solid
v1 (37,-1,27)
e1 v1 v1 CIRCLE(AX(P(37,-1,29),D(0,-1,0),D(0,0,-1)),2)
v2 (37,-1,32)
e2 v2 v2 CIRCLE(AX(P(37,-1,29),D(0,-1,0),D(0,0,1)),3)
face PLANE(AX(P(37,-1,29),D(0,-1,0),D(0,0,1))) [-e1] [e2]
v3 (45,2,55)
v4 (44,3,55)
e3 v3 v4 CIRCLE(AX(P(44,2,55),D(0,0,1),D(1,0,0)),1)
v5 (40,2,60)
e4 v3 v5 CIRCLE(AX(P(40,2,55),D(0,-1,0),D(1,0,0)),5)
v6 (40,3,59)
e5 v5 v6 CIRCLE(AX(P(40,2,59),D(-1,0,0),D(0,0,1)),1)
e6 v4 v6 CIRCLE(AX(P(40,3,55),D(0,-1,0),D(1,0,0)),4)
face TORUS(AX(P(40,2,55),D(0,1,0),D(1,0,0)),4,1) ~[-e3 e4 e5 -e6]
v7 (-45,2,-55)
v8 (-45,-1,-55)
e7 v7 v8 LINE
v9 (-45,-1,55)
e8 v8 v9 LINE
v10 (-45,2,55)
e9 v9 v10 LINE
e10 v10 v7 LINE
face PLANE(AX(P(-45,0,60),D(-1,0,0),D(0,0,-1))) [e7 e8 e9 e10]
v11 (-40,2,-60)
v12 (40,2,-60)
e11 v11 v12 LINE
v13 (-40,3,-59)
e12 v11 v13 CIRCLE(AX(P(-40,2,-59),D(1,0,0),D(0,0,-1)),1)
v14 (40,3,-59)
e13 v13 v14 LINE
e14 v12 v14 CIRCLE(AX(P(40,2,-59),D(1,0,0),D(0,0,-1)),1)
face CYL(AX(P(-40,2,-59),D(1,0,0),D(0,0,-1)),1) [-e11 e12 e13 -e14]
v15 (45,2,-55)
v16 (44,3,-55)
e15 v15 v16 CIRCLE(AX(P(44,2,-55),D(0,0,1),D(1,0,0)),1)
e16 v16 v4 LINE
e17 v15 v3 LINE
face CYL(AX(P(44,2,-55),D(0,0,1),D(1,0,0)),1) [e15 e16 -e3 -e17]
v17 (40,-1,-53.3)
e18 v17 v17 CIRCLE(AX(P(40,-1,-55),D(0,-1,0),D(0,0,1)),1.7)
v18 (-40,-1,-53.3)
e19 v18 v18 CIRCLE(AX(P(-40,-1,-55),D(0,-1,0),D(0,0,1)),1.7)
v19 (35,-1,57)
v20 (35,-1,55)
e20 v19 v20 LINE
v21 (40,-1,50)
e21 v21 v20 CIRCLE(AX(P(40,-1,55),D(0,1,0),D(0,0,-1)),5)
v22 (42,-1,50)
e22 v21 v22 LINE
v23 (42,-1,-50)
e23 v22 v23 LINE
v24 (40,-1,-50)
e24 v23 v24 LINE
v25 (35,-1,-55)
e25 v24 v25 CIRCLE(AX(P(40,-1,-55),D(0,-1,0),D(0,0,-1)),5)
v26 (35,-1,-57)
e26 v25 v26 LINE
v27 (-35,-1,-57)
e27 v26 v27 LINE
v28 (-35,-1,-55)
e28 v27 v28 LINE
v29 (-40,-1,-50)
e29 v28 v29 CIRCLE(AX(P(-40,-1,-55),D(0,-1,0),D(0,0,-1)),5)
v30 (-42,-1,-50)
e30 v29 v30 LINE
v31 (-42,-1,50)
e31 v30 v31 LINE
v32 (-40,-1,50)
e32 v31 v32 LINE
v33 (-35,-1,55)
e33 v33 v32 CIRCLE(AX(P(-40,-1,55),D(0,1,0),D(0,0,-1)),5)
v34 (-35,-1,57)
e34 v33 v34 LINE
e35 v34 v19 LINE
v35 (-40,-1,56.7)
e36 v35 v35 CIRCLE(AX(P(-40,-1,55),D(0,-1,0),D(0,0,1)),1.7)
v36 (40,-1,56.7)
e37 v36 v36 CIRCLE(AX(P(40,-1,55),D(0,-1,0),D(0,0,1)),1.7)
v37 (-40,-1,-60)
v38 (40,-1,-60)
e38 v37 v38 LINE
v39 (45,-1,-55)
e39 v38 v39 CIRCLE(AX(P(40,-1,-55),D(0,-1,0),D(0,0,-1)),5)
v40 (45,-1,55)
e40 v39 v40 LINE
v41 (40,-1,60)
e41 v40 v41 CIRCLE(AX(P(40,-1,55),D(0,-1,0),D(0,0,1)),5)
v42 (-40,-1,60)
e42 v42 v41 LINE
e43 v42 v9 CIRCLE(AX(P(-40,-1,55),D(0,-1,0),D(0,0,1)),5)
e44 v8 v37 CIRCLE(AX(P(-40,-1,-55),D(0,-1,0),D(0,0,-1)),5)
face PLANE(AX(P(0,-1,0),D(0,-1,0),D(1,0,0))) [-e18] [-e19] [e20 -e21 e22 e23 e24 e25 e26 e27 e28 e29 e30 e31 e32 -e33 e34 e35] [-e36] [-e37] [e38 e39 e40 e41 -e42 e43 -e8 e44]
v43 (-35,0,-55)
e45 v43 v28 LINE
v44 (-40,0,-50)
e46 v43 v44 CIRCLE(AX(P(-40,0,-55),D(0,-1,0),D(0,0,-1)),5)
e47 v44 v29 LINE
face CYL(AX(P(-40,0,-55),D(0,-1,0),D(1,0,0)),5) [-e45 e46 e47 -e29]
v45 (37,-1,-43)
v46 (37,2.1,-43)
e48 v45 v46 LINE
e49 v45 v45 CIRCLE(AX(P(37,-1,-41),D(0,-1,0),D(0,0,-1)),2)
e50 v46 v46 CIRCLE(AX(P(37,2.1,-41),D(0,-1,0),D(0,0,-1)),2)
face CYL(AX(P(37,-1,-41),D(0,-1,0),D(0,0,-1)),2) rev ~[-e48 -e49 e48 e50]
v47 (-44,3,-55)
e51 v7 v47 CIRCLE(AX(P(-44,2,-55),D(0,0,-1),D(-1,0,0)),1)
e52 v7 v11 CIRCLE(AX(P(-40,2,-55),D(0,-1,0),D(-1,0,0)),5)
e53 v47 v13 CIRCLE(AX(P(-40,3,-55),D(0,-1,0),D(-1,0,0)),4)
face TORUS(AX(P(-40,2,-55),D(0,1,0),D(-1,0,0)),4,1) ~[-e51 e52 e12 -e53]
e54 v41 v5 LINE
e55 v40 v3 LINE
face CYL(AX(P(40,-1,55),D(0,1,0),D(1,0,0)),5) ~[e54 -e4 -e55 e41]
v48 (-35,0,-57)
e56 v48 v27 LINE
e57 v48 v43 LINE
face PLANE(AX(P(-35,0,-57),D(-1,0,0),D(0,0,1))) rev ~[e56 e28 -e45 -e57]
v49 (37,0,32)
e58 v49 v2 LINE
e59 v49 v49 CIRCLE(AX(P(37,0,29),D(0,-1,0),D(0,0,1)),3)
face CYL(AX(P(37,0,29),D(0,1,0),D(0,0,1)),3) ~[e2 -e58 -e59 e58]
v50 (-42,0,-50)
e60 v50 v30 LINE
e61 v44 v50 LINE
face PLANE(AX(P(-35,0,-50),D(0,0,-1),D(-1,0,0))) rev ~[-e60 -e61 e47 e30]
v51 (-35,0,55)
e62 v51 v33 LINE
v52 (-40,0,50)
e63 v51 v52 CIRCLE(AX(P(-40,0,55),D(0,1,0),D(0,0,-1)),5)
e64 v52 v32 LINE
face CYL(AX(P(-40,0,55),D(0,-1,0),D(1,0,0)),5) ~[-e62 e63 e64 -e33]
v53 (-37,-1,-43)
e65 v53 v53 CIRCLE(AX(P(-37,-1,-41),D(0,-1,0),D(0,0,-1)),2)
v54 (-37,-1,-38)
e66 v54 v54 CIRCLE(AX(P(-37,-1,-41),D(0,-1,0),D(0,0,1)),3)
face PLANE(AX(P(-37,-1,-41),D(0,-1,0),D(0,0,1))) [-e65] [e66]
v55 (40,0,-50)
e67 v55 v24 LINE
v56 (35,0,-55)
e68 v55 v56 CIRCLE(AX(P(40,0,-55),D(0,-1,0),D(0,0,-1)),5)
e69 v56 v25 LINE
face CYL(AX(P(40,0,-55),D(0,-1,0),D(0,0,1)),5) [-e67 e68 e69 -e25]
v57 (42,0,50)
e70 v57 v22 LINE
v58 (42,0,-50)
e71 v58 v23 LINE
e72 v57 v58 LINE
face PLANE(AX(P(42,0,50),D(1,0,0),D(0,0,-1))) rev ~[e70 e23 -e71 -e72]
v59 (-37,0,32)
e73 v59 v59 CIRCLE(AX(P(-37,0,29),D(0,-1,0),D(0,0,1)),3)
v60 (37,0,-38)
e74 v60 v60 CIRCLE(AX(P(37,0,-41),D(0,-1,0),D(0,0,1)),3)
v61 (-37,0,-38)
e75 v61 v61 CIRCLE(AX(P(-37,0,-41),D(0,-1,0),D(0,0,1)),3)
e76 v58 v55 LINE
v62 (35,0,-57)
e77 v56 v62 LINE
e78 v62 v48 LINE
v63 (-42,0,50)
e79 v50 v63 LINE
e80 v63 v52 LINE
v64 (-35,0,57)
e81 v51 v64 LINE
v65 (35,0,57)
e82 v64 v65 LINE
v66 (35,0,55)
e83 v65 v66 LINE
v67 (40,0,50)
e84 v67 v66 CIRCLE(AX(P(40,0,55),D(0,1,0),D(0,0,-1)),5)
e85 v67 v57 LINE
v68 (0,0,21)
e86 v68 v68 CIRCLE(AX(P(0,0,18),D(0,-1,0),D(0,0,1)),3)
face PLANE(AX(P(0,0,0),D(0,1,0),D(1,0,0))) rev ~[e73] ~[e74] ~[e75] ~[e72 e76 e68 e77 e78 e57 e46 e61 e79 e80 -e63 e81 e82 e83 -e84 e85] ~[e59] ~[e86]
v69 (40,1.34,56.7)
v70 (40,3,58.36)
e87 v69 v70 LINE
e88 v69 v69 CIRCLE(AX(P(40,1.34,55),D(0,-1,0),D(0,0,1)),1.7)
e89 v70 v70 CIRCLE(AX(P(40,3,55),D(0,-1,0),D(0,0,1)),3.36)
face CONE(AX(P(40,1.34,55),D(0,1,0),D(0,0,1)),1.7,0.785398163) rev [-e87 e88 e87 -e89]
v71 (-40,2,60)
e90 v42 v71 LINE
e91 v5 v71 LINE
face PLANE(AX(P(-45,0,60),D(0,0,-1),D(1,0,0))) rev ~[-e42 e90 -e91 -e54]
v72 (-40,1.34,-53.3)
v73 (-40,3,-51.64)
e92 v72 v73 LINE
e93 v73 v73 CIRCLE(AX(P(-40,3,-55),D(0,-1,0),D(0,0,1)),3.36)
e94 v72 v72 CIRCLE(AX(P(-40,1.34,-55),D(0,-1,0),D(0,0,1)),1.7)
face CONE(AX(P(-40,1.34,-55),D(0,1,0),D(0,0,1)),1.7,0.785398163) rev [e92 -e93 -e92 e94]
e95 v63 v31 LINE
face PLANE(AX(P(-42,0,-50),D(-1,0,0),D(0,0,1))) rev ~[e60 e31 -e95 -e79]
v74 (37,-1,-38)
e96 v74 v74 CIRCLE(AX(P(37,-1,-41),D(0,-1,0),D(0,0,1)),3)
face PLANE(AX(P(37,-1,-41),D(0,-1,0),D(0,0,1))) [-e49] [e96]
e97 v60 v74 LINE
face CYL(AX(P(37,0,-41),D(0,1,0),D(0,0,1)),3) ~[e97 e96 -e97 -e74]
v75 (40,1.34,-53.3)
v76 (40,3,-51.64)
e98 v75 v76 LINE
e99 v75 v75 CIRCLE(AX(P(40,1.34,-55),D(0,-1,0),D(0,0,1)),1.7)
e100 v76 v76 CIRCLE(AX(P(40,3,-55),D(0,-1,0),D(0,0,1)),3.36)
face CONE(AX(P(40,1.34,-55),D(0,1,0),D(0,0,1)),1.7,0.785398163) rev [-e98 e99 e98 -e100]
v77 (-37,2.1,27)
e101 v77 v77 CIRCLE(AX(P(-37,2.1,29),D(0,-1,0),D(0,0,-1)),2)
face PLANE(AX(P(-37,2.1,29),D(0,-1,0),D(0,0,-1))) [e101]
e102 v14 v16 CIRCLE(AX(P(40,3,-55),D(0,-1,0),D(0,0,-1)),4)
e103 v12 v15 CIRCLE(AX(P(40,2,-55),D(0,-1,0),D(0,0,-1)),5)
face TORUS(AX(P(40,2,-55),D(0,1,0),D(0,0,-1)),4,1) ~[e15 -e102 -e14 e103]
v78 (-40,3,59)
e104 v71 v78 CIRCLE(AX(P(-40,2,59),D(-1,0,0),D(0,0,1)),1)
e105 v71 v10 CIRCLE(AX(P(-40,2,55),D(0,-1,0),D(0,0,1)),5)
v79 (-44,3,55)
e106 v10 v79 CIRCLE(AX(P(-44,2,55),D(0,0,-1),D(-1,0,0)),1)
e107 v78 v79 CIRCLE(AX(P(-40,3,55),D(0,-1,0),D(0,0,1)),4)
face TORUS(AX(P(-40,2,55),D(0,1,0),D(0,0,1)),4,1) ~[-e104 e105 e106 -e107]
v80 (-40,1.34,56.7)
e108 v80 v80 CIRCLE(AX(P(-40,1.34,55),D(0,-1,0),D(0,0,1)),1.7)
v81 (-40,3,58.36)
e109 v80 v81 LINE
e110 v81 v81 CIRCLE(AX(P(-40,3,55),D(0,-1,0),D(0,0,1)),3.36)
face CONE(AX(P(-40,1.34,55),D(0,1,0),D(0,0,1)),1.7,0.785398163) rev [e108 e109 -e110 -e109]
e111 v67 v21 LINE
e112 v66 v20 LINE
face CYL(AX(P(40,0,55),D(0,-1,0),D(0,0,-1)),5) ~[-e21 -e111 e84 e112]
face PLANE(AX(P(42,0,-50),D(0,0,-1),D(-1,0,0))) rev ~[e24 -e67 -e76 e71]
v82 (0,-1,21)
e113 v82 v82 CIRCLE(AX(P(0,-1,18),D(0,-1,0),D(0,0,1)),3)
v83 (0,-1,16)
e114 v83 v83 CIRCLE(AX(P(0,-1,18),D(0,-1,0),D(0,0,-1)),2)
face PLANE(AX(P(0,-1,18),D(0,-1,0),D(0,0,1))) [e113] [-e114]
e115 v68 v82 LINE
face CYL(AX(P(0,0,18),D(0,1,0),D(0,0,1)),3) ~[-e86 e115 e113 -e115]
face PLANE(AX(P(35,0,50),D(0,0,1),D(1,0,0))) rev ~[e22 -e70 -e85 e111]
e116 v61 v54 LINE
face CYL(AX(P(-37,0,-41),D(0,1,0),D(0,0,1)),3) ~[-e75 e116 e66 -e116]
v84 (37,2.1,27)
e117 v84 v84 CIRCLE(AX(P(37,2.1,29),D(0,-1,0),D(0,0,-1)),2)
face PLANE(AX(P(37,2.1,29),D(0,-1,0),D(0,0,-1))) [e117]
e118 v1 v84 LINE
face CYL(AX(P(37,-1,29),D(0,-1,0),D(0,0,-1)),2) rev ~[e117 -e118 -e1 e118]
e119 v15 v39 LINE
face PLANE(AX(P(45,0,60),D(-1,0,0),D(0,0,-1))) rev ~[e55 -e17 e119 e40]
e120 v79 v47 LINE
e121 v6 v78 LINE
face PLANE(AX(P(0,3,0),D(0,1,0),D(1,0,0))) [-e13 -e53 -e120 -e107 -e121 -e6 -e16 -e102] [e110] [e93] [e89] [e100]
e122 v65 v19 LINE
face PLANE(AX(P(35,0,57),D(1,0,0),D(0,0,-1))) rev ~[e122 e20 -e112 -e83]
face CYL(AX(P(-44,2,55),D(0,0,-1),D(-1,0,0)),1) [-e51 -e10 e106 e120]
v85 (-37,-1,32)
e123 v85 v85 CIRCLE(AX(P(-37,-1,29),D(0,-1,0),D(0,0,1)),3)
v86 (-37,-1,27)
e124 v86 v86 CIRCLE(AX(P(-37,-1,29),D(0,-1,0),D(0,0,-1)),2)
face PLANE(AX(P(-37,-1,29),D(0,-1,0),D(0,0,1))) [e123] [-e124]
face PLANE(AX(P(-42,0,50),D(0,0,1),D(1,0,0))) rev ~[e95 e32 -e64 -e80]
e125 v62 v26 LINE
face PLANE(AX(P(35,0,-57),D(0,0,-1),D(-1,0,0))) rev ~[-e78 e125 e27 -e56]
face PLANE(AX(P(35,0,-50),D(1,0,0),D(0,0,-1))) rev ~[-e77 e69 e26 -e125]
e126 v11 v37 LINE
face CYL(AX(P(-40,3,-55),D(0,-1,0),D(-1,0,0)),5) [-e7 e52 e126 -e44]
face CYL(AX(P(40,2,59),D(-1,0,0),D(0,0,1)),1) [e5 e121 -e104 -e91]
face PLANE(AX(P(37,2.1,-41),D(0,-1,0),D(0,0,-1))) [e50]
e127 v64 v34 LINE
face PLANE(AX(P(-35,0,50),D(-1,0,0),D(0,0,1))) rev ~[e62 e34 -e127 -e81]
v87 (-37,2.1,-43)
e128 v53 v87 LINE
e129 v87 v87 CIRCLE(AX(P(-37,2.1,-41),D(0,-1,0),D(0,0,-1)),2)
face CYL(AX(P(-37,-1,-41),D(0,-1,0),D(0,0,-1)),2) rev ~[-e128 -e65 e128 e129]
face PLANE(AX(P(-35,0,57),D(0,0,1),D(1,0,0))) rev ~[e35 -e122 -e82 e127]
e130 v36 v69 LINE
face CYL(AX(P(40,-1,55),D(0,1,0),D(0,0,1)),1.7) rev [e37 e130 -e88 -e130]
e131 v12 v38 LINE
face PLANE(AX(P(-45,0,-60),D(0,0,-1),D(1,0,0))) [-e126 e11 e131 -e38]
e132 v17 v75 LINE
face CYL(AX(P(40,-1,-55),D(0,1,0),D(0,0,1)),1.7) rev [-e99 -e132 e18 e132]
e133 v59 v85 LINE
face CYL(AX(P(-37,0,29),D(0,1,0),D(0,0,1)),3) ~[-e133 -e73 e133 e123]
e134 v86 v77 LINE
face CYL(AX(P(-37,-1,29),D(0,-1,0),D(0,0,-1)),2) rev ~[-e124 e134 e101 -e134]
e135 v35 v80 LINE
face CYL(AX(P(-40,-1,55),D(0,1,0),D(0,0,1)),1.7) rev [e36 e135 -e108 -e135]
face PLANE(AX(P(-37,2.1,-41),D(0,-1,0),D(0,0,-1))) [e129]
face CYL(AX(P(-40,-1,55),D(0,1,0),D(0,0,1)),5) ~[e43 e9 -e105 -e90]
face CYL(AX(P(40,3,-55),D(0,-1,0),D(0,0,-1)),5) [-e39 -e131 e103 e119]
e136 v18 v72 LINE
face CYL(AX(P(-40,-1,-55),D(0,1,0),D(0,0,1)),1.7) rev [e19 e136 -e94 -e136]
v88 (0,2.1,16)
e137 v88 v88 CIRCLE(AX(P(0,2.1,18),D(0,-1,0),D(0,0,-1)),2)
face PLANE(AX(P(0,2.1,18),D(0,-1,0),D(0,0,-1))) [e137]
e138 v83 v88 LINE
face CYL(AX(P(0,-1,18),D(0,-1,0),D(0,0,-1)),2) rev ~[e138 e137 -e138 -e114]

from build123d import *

# Parameters (mm, degrees)
SKETCH_2_W                  = 90
SKETCH_2_H                  = 120
EXTRUDE_1_DEPTH             = 3
SKETCH_3_W                  = 90
SKETCH_3_H                  = 120
EXTRUDE_2_DEPTH             = 1
HOLE_WIZARD_M3_3_AT_2_COUNT = 2
HOLE_WIZARD_M3_3_AT_2_PITCH = 110
HOLE_WIZARD_M3_3_AT_3_COUNT = 2
HOLE_WIZARD_M3_3_AT_3_PITCH = 136.014705087
HOLE_WIZARD_M3_3_AT_4_COUNT = 2
HOLE_WIZARD_M3_3_AT_4_PITCH = 80
FILLET_2_R                  = 5
FILLET_3_R                  = 5
FILLET_4_R                  = 5
FILLET_5_R                  = 5
FILLET_6_R                  = 5
FILLET_7_R                  = 5
FILLET_8_R                  = 5
FILLET_9_R                  = 5
FILLET_11_R                 = 1
SKETCH_18_R                 = 3
EXTRUDE_5_DEPTH             = 1
SKETCH_19_R                 = 2
CUT_EXTRUDE_1_DEPTH         = 3.1


with BuildPart() as part:
    # 草图2 → 凸台-拉伸1 (new body)
    with BuildSketch(Plane(origin=(0, 0, 0), x_dir=(1, 0, 0), z_dir=(0, 1, 0))):
        Rectangle(SKETCH_2_W, SKETCH_2_H)
    extrude(amount=EXTRUDE_1_DEPTH)


with BuildPart() as body_2:
    # 草图3 → 凸台-拉伸2 (new body)
    with BuildSketch(Plane.XZ):
        Rectangle(SKETCH_3_W, SKETCH_3_H)
        Polygon((-42, -50), (-42, 50), (-35, 50), (-35, 57), (35, 57), (35, 50), (42, 50), (42, -50), (35, -50), (35, -57), (-35, -57), (-35, -50), align=None, mode=Mode.SUBTRACT)
    extrude(amount=EXTRUDE_2_DEPTH)


with BuildPart() as hole_wizard_m3_3_tool:
    # 草图15 → M3 六角凹锥坑螺钉的锥形沉头孔3 (revolve)
    with BuildSketch(Plane(origin=(-40, 3, 55), x_dir=(0, 0, 1), z_dir=(1, 0, 0))):
        Polygon((0, 0), (0, 4), (1.7, 4), (1.7, 1.66), (3.36, 0), align=None)
    hole_wizard_m3_3 = revolve(axis=Axis((-40, 9.35, 55), (0, -1, 0)))


with BuildPart() as part_1:
    add(part.part)

    # M3 六角凹锥坑螺钉的锥形沉头孔3: cut by hole_wizard_m3_3_tool
    add(hole_wizard_m3_3_tool.part, mode=Mode.SUBTRACT)


with BuildPart() as body_2_1:
    add(body_2.part)

    # M3 六角凹锥坑螺钉的锥形沉头孔3: cut by hole_wizard_m3_3_tool
    add(hole_wizard_m3_3_tool.part, mode=Mode.SUBTRACT)


with BuildPart() as hole_wizard_m3_3_at_2_tool:
    # M3 六角凹锥坑螺钉的锥形沉头孔3 at 2: M3 六角凹锥坑螺钉的锥形沉头孔3 ×2
    with Locations(*[(0, 0, -i * HOLE_WIZARD_M3_3_AT_2_PITCH) for i in range(1, HOLE_WIZARD_M3_3_AT_2_COUNT)]):
        add(hole_wizard_m3_3)


with BuildPart() as part_2:
    add(part_1.part)

    # M3 六角凹锥坑螺钉的锥形沉头孔3 at 2: cut by hole_wizard_m3_3_at_2_tool
    add(hole_wizard_m3_3_at_2_tool.part, mode=Mode.SUBTRACT)


with BuildPart() as body_2_2:
    add(body_2_1.part)

    # M3 六角凹锥坑螺钉的锥形沉头孔3 at 2: cut by hole_wizard_m3_3_at_2_tool
    add(hole_wizard_m3_3_at_2_tool.part, mode=Mode.SUBTRACT)


with BuildPart() as hole_wizard_m3_3_at_3_tool:
    # M3 六角凹锥坑螺钉的锥形沉头孔3 at 3: M3 六角凹锥坑螺钉的锥形沉头孔3 ×2
    with Locations(*[Vector(0.5881716976750462, 0, -0.8087360843031886) * (i * HOLE_WIZARD_M3_3_AT_3_PITCH) for i in range(1, HOLE_WIZARD_M3_3_AT_3_COUNT)]):
        add(hole_wizard_m3_3)


with BuildPart() as part_3:
    add(part_2.part)

    # M3 六角凹锥坑螺钉的锥形沉头孔3 at 3: cut by hole_wizard_m3_3_at_3_tool
    add(hole_wizard_m3_3_at_3_tool.part, mode=Mode.SUBTRACT)


with BuildPart() as body_2_3:
    add(body_2_2.part)

    # M3 六角凹锥坑螺钉的锥形沉头孔3 at 3: cut by hole_wizard_m3_3_at_3_tool
    add(hole_wizard_m3_3_at_3_tool.part, mode=Mode.SUBTRACT)


with BuildPart() as hole_wizard_m3_3_at_4_tool:
    # M3 六角凹锥坑螺钉的锥形沉头孔3 at 4: M3 六角凹锥坑螺钉的锥形沉头孔3 ×2
    with Locations(*[(i * HOLE_WIZARD_M3_3_AT_4_PITCH, 0, 0) for i in range(1, HOLE_WIZARD_M3_3_AT_4_COUNT)]):
        add(hole_wizard_m3_3)


with BuildPart() as part_4:
    add(part_3.part)

    # M3 六角凹锥坑螺钉的锥形沉头孔3 at 4: cut by hole_wizard_m3_3_at_4_tool
    add(hole_wizard_m3_3_at_4_tool.part, mode=Mode.SUBTRACT)


with BuildPart() as body_2_4:
    add(body_2_3.part)

    # M3 六角凹锥坑螺钉的锥形沉头孔3 at 4: cut by hole_wizard_m3_3_at_4_tool
    add(hole_wizard_m3_3_at_4_tool.part, mode=Mode.SUBTRACT)

    # Combine 2: union part
    add(part_4.part)

    # 圆角2
    fillet_2_edges = [body_2_4.edges().sort_by_distance(p)[0] for p in [
        (35, -0.5, -50),
    ]]
    fillet(fillet_2_edges, radius=FILLET_2_R)

    # 圆角3
    fillet_3_edges = [body_2_4.edges().sort_by_distance(p)[0] for p in [
        (-35, -0.5, -50),
    ]]
    fillet(fillet_3_edges, radius=FILLET_3_R)

    # 圆角4
    fillet_4_edges = [body_2_4.edges().sort_by_distance(p)[0] for p in [
        (35, -0.5, 50),
    ]]
    fillet(fillet_4_edges, radius=FILLET_4_R)

    # 圆角5
    fillet_5_edges = [body_2_4.edges().sort_by_distance(p)[0] for p in [
        (-35, -0.5, 50),
    ]]
    fillet(fillet_5_edges, radius=FILLET_5_R)

    # 圆角6
    fillet_6_edges = [body_2_4.edges().sort_by_distance(p)[0] for p in [
        (-45, 1, -60),
    ]]
    fillet(fillet_6_edges, radius=FILLET_6_R)

    # 圆角7
    fillet_7_edges = [body_2_4.edges().sort_by_distance(p)[0] for p in [
        (45, 1, -60),
    ]]
    fillet(fillet_7_edges, radius=FILLET_7_R)

    # 圆角8
    fillet_8_edges = [body_2_4.edges().sort_by_distance(p)[0] for p in [
        (45, 1, 60),
    ]]
    fillet(fillet_8_edges, radius=FILLET_8_R)

    # 圆角9
    fillet_9_edges = [body_2_4.edges().sort_by_distance(p)[0] for p in [
        (-45, 1, 60),
    ]]
    fillet(fillet_9_edges, radius=FILLET_9_R)

    # 圆角11
    fillet_11_edges = [body_2_4.edges().sort_by_distance(p)[0] for p in [
        (-45, 3, 0),
        (-43.535533906, 3, -58.535533906),
        (0, 3, -60),
        (43.535533906, 3, -58.535533906),
        (45, 3, 0),
        (43.535533906, 3, 58.535533906),
        (0, 3, 60),
        (-43.535533906, 3, 58.535533906),
    ]]
    fillet(fillet_11_edges, radius=FILLET_11_R)

    # 草图18 → 凸台-拉伸5 (add)
    with BuildSketch(Plane.XZ):
        with Locations(Location((-37, 29, 0), (0, 0, 90))):
            Circle(SKETCH_18_R)
        with Locations(Location((37, 29, 0), (0, 0, 90))):
            Circle(SKETCH_18_R)
        with Locations(Location((0, 18, 0), (0, 0, 90))):
            Circle(SKETCH_18_R)
        with Locations(Location((-37, -41, 0), (0, 0, 90))):
            Circle(SKETCH_18_R)
        with Locations(Location((37, -41, 0), (0, 0, 90))):
            Circle(SKETCH_18_R)
    extrude(amount=EXTRUDE_5_DEPTH)

    # 草图19 → 切除-拉伸1 (cut)
    with BuildSketch(Plane.XZ.offset(1)):
        with Locations(Location((-37, 29, 0), (0, 0, 270))):
            Circle(SKETCH_19_R)
        with Locations(Location((37, 29, 0), (0, 0, 270))):
            Circle(SKETCH_19_R)
        with Locations(Location((0, 18, 0), (0, 0, 270))):
            Circle(SKETCH_19_R)
        with Locations(Location((-37, -41, 0), (0, 0, 270))):
            Circle(SKETCH_19_R)
        with Locations(Location((37, -41, 0), (0, 0, 270))):
            Circle(SKETCH_19_R)
    extrude(amount=-CUT_EXTRUDE_1_DEPTH, mode=Mode.SUBTRACT)


solid = body_2_4.part
